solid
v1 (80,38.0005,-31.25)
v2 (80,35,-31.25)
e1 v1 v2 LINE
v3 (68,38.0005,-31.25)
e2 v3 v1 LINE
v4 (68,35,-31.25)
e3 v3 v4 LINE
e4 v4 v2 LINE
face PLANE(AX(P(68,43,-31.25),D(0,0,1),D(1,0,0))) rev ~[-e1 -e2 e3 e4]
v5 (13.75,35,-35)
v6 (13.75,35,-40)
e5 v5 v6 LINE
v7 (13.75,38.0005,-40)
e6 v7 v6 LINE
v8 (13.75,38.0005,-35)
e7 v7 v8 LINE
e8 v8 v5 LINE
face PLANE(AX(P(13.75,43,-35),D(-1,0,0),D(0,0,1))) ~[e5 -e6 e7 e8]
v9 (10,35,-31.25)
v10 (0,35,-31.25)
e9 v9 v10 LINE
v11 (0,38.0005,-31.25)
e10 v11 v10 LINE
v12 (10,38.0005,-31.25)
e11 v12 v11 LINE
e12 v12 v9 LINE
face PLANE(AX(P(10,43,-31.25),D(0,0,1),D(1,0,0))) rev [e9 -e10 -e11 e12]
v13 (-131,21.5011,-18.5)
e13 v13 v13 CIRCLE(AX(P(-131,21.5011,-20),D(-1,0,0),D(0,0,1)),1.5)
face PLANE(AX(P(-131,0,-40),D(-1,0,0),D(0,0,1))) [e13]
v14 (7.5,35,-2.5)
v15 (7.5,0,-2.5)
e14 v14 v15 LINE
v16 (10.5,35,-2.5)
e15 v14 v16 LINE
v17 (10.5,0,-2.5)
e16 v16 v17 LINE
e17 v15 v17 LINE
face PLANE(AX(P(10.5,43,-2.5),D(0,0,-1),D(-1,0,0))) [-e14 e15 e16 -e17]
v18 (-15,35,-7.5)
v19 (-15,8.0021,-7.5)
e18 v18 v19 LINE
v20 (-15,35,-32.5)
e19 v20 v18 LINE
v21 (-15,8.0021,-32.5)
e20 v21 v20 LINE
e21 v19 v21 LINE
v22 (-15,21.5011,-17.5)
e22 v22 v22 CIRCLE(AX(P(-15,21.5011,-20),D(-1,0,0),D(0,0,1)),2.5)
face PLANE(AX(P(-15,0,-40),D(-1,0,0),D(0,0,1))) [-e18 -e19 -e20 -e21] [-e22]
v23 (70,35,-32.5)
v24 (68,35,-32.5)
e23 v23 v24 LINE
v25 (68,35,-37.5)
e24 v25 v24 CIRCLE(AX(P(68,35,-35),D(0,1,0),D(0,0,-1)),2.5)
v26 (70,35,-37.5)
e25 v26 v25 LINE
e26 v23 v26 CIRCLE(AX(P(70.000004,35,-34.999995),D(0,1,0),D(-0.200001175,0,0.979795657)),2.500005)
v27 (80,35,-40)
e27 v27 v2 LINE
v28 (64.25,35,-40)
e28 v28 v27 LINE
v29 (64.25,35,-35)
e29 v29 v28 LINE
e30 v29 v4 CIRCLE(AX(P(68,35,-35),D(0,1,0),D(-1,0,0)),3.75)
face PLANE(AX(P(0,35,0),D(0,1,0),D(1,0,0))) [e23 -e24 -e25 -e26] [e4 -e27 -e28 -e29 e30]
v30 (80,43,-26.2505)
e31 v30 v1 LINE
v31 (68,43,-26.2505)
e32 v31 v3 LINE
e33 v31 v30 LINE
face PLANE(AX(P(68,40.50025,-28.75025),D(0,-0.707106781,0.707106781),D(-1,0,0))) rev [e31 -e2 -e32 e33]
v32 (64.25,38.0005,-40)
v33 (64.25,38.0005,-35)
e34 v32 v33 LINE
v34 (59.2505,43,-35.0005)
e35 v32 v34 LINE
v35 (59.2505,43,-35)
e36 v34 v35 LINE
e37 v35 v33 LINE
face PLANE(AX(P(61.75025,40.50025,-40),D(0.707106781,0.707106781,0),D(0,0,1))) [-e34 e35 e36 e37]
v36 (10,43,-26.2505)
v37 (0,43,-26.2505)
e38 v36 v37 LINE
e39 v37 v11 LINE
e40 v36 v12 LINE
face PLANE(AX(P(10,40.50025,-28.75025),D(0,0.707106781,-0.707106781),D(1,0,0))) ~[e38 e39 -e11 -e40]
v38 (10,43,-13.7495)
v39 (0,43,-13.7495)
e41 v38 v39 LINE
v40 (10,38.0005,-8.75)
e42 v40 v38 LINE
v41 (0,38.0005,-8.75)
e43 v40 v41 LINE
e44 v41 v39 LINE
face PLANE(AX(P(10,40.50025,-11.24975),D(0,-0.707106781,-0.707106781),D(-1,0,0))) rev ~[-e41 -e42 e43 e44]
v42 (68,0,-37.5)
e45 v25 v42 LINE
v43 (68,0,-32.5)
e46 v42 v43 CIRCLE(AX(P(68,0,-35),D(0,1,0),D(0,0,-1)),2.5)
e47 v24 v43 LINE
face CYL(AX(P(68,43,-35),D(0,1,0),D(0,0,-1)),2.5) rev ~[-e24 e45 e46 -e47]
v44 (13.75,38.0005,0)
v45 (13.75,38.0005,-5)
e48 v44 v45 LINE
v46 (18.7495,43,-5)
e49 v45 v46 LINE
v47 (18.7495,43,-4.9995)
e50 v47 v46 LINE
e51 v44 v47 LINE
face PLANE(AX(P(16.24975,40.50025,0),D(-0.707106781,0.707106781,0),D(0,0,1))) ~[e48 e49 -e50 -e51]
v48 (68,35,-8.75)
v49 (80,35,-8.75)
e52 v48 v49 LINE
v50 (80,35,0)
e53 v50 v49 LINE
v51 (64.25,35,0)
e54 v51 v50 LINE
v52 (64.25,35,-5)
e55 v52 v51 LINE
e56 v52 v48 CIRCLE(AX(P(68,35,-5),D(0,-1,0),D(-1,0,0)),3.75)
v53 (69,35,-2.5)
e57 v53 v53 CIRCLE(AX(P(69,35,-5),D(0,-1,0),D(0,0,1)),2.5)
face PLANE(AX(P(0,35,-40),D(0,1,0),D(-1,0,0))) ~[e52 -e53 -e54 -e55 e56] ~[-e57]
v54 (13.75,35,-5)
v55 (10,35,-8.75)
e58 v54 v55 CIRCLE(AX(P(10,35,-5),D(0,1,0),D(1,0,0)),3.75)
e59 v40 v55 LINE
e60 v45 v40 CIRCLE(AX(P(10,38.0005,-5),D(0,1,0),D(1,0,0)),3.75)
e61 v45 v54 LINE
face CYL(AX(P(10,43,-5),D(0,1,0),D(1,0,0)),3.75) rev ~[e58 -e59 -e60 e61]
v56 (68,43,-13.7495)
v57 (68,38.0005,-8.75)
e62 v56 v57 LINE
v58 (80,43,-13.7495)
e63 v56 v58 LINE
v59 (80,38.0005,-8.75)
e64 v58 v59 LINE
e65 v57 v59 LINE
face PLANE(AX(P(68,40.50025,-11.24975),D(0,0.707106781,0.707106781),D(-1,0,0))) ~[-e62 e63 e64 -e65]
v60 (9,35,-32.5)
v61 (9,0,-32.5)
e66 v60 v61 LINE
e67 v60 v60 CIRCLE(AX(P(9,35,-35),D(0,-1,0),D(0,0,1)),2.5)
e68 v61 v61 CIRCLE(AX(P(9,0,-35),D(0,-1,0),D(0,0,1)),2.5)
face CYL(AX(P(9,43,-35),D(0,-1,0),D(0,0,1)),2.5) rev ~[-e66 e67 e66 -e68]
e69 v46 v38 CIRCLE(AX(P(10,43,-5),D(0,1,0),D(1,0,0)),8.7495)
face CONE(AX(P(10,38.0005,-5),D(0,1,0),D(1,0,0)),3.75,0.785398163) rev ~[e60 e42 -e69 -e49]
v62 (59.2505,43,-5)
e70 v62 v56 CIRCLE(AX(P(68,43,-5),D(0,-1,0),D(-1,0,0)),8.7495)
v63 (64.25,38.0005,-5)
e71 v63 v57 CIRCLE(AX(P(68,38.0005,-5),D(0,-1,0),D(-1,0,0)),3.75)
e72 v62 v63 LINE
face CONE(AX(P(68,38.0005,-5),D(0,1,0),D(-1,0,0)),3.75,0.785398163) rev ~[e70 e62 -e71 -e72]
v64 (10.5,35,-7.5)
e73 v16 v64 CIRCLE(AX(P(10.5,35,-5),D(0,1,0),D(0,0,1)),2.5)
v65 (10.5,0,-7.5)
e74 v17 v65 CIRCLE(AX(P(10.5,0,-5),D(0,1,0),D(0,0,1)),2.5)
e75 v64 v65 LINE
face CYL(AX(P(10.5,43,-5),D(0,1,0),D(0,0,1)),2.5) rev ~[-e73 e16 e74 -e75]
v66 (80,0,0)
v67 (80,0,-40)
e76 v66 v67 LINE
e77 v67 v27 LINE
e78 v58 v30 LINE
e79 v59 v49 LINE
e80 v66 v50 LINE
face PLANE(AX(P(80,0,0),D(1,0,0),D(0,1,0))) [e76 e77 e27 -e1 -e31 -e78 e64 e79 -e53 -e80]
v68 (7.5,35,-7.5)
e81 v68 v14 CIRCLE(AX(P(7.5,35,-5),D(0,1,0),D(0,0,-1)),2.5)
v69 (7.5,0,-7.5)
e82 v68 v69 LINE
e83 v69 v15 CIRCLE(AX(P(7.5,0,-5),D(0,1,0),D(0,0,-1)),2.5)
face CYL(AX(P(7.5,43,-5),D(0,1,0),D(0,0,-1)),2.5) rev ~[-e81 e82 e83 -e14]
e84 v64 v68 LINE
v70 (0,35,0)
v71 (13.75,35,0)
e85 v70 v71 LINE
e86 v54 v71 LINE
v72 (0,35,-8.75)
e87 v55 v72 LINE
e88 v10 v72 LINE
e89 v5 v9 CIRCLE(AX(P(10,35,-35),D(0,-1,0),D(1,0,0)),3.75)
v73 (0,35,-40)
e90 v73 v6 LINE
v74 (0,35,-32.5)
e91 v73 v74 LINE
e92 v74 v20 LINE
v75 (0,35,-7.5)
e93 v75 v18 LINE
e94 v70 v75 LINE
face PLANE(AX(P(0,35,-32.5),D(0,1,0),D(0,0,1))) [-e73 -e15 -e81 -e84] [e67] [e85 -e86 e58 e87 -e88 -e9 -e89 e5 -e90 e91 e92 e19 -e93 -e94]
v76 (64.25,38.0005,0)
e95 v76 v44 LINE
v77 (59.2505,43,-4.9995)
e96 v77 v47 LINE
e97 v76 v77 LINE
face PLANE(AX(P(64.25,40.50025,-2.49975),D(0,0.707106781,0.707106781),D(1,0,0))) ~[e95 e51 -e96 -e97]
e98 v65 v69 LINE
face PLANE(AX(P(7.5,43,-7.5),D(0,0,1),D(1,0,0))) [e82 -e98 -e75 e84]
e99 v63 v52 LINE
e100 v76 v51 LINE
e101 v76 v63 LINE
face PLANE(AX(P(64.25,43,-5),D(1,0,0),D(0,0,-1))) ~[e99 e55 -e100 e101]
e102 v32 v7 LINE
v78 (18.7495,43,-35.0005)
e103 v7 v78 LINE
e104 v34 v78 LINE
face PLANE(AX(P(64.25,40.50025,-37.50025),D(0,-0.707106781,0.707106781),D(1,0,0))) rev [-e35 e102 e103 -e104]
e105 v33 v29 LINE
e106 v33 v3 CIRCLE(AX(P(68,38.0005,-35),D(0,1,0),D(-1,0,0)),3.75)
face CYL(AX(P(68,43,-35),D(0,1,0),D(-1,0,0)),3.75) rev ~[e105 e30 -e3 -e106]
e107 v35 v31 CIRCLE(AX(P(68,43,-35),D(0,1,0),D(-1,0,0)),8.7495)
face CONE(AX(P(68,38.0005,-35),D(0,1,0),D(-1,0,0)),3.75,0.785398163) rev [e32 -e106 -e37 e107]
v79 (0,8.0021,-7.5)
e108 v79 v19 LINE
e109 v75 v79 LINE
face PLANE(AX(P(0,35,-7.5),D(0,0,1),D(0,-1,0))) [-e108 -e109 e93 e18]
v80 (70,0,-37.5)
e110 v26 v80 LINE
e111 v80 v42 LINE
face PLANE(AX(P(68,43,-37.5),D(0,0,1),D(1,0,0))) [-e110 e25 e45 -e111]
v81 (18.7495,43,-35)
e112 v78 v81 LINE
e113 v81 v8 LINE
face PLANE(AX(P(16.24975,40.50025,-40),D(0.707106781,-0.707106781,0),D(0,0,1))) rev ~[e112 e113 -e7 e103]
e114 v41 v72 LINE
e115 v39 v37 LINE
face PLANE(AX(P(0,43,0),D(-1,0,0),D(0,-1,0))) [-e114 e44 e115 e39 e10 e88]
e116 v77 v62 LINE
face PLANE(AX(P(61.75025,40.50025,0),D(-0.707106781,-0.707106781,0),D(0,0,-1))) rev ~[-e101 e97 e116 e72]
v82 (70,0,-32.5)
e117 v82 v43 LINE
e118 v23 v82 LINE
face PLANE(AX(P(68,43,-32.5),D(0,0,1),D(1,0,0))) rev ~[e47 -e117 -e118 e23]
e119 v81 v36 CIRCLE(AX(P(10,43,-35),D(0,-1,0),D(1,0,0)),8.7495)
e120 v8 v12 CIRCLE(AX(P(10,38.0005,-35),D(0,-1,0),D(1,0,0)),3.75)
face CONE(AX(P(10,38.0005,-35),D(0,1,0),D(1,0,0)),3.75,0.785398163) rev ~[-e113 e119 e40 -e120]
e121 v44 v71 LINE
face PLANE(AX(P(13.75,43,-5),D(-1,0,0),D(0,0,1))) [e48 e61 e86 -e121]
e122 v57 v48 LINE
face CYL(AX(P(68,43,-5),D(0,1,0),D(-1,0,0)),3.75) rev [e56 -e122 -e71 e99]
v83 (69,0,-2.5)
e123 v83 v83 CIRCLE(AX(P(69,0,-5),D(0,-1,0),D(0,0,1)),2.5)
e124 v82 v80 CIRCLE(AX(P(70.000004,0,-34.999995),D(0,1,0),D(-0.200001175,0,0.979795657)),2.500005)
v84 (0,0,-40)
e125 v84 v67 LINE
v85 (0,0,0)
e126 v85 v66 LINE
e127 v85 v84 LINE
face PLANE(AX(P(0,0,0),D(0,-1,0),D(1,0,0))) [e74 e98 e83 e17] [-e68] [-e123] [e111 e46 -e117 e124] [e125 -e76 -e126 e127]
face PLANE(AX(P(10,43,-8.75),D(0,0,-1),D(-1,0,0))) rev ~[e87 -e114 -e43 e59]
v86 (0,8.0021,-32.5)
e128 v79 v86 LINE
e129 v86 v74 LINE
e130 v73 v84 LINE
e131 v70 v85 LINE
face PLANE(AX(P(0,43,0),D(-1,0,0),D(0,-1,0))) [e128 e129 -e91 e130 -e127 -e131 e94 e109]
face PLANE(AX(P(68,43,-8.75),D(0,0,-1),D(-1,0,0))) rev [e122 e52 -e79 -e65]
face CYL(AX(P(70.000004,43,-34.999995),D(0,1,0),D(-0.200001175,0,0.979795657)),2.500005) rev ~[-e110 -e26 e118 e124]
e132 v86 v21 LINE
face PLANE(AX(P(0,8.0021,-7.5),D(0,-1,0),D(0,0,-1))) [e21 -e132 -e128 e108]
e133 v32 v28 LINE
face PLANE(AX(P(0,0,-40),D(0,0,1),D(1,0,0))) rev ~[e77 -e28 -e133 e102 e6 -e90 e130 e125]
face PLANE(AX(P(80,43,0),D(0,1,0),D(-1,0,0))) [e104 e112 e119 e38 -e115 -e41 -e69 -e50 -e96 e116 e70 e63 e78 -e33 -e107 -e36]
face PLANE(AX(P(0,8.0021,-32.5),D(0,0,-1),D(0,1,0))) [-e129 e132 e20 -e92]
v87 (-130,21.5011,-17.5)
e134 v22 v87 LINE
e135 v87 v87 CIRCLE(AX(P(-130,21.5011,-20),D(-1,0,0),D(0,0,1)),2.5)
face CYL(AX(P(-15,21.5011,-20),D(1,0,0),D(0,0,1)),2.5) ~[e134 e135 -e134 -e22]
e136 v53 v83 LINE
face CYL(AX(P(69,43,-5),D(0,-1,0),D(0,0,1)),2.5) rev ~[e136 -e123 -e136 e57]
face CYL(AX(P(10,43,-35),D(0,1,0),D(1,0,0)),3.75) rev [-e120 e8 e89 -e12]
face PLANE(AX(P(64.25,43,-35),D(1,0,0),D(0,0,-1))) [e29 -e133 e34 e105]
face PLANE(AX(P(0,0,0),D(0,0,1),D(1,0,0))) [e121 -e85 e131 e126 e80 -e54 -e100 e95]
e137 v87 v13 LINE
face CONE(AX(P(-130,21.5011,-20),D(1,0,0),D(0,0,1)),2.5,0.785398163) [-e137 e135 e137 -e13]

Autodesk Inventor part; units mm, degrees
ref_plane "YZ Plane" through (0, 0, 0) normal (1, 0, 0) x (0, 1, 0)
ref_plane "XZ Plane" through (0, 0, 0) normal (0, 1, 0) x (-1, 0, 0)
sketch "Sketch1" plane through (0, 0, 0) normal (0, 0, 1) x (1, 0, 0)
  line L0 (0, 0) -> (80, 0)
  line L1 (80, 0) -> (80, 43)
  line L2 (80, 43) -> (0, 43)
  line L3 (0, 43) -> (0, 0)
  dimension "d0" = 80
  dimension "d1" = 43
extrude "Extrusion1" add sketch "Sketch1" against normal blind 40
sketch "Sketch2" plane through (0, 43, 0) normal (0, 1, 0) x (1, 0, 0)
  line L0 (80, 0) -> (80, 40) projected
  circle A0 centre (69, 5) radius 2.5
  arc A1 (7.5, 7.5) -> (7.5, 2.5) centre (7.5, 5) ccw
  arc A2 (10.5, 2.5) -> (10.5, 7.5) centre (10.5, 5) ccw
  line L1 (7.5, 7.5) -> (10.5, 7.5)
  line L2 (10.5, 2.5) -> (7.5, 2.5)
  arc A3 (68, 37.5) -> (68, 32.5) centre (68, 35) ccw
  arc A4 (69.5, 32.5505) -> (70, 37.5) centre (70, 35) ccw
  line L3 (68, 37.5) -> (70, 37.5)
  line L4 (68, 32.5) -> (70, 32.5)
  point P0 (0, 0)
  point P1 (69, 35)
  point P2 (9, 5)
  point P3 (9, 35)
  dimension "d4" = 11
  dimension "d5" = 30
  dimension "d6" = 5
  dimension "d7" = 60
  dimension "d16" = 5
  dimension "d17" = 5
  dimension "d18" = 5
  dimension "d19" = 1.5
  dimension "d20" = 1.5
  dimension "d24" = 5
  dimension "d25" = 5
hole "Hole1" at (69, 43, -5) at (9, 43, -35) direction (0, -1, 0) diameter 5 end through all
extrude "Extrusion2" cut sketch "Sketch2" against normal through all contours L1 A2 L2 A1 | L3 A4 L4 A3
sketch "Sketch3" plane through (0, 43, 0) normal (0, 1, 0) x (1, 0, 0)
  arc A0 (64.25, 35) -> (68, 31.25) centre (68, 35) ccw
  line L0 (64.25, 35) -> (64.25, 40)
  line L1 (68, 31.25) -> (80, 31.25)
  line L2 (64.25, 40) -> (80, 40)
  line L3 (80, 40) -> (80, 31.25)
  line L4 (80, 0) -> (80, 40) projected
  arc A1 (13.75, 5) -> (10, 8.75) centre (10, 5) ccw
  line L5 (10, 8.75) -> (0, 8.75)
  line L6 (13.75, 5) -> (13.75, 0)
  line L7 (0, 0) -> (80, 0) projected
  line L8 (0, 0) -> (0, 40) projected
  line L9 (0, 8.75) -> (0, 0)
  line L10 (0, 0) -> (13.75, 0)
  point P0 (9, 5)
  point P1 (69, 5)
  point P2 (69, 35)
  dimension "d29" = 7.5
  dimension "d34" = 7.5
  dimension "d35" = 1
extrude "Extrusion3" cut sketch "Sketch3" against normal blind 8
ref_plane "Work Plane1" through (0, 0, -20) normal (0, 0, 1) x (1, 0, 0)
mirror "Mirror2" about plane through (0, 0, -20) normal (0, 0, 1) of "Extrusion3"
chamfer "Chamfer1" distance 5 angle 45 14 edges at (39, 43, 0) (39, 43, -40) (5, 43, -8.75) (12.6517, 43, -7.6517) (13.75, 43, -2.5) (12.6517, 43, -32.3483) (5, 43, -31.25) (13.75, 43, -37.5) (74, 43, -31.25) (65.3483, 43, -32.3483) (64.25, 43, -37.5) (74, 43, -8.75) (65.3483, 43, -7.6517) (64.25, 43, -2.5)
sketch "Sketch4" plane through (0, 0, -40) normal (-1, 0, 0) x (0, 0, 1)
  line L0 (7.5, 35) -> (2.5, 35) projected
  line L1 (7.5, 35) -> (32.5, 35)
  line L2 (32.5, 35) -> (32.5, 8.0021)
  line L3 (32.5, 8.0021) -> (7.5, 8.0021)
  line L4 (7.5, 8.0021) -> (7.5, 35)
  line L5 (7.5, 35) -> (2.5, 35) projected
  point P0 (40, 0)
extrude "Extrusion4" add sketch "Sketch4" along normal blind 15
sketch "Sketch5" plane through (-15, 0, -40) normal (-1, 0, 0) x (0, 0, 1)
  line L0 (32.5, 35) -> (7.5, 35) projected
  line L1 (32.5, 8.0021) -> (32.5, 35) projected
  circle A0 centre (20, 21.5011) radius 2.5
  point P0 (40, 0)
  point P1 (20, 35)
  point P2 (32.5, 21.5011)
  dimension "d41" = 5
extrude "Extrusion5" add sketch "Sketch5" along normal blind 116
chamfer "Chamfer2" distance 1 angle 45 1 edges at (-131, 21.5011, -22.5)
thread "Thread1" size "M5x0.8" class "6g" standard "ANSI Metric M Profile" full length
properties part number "802K-MSRS11E" material "ABS Plastic"
